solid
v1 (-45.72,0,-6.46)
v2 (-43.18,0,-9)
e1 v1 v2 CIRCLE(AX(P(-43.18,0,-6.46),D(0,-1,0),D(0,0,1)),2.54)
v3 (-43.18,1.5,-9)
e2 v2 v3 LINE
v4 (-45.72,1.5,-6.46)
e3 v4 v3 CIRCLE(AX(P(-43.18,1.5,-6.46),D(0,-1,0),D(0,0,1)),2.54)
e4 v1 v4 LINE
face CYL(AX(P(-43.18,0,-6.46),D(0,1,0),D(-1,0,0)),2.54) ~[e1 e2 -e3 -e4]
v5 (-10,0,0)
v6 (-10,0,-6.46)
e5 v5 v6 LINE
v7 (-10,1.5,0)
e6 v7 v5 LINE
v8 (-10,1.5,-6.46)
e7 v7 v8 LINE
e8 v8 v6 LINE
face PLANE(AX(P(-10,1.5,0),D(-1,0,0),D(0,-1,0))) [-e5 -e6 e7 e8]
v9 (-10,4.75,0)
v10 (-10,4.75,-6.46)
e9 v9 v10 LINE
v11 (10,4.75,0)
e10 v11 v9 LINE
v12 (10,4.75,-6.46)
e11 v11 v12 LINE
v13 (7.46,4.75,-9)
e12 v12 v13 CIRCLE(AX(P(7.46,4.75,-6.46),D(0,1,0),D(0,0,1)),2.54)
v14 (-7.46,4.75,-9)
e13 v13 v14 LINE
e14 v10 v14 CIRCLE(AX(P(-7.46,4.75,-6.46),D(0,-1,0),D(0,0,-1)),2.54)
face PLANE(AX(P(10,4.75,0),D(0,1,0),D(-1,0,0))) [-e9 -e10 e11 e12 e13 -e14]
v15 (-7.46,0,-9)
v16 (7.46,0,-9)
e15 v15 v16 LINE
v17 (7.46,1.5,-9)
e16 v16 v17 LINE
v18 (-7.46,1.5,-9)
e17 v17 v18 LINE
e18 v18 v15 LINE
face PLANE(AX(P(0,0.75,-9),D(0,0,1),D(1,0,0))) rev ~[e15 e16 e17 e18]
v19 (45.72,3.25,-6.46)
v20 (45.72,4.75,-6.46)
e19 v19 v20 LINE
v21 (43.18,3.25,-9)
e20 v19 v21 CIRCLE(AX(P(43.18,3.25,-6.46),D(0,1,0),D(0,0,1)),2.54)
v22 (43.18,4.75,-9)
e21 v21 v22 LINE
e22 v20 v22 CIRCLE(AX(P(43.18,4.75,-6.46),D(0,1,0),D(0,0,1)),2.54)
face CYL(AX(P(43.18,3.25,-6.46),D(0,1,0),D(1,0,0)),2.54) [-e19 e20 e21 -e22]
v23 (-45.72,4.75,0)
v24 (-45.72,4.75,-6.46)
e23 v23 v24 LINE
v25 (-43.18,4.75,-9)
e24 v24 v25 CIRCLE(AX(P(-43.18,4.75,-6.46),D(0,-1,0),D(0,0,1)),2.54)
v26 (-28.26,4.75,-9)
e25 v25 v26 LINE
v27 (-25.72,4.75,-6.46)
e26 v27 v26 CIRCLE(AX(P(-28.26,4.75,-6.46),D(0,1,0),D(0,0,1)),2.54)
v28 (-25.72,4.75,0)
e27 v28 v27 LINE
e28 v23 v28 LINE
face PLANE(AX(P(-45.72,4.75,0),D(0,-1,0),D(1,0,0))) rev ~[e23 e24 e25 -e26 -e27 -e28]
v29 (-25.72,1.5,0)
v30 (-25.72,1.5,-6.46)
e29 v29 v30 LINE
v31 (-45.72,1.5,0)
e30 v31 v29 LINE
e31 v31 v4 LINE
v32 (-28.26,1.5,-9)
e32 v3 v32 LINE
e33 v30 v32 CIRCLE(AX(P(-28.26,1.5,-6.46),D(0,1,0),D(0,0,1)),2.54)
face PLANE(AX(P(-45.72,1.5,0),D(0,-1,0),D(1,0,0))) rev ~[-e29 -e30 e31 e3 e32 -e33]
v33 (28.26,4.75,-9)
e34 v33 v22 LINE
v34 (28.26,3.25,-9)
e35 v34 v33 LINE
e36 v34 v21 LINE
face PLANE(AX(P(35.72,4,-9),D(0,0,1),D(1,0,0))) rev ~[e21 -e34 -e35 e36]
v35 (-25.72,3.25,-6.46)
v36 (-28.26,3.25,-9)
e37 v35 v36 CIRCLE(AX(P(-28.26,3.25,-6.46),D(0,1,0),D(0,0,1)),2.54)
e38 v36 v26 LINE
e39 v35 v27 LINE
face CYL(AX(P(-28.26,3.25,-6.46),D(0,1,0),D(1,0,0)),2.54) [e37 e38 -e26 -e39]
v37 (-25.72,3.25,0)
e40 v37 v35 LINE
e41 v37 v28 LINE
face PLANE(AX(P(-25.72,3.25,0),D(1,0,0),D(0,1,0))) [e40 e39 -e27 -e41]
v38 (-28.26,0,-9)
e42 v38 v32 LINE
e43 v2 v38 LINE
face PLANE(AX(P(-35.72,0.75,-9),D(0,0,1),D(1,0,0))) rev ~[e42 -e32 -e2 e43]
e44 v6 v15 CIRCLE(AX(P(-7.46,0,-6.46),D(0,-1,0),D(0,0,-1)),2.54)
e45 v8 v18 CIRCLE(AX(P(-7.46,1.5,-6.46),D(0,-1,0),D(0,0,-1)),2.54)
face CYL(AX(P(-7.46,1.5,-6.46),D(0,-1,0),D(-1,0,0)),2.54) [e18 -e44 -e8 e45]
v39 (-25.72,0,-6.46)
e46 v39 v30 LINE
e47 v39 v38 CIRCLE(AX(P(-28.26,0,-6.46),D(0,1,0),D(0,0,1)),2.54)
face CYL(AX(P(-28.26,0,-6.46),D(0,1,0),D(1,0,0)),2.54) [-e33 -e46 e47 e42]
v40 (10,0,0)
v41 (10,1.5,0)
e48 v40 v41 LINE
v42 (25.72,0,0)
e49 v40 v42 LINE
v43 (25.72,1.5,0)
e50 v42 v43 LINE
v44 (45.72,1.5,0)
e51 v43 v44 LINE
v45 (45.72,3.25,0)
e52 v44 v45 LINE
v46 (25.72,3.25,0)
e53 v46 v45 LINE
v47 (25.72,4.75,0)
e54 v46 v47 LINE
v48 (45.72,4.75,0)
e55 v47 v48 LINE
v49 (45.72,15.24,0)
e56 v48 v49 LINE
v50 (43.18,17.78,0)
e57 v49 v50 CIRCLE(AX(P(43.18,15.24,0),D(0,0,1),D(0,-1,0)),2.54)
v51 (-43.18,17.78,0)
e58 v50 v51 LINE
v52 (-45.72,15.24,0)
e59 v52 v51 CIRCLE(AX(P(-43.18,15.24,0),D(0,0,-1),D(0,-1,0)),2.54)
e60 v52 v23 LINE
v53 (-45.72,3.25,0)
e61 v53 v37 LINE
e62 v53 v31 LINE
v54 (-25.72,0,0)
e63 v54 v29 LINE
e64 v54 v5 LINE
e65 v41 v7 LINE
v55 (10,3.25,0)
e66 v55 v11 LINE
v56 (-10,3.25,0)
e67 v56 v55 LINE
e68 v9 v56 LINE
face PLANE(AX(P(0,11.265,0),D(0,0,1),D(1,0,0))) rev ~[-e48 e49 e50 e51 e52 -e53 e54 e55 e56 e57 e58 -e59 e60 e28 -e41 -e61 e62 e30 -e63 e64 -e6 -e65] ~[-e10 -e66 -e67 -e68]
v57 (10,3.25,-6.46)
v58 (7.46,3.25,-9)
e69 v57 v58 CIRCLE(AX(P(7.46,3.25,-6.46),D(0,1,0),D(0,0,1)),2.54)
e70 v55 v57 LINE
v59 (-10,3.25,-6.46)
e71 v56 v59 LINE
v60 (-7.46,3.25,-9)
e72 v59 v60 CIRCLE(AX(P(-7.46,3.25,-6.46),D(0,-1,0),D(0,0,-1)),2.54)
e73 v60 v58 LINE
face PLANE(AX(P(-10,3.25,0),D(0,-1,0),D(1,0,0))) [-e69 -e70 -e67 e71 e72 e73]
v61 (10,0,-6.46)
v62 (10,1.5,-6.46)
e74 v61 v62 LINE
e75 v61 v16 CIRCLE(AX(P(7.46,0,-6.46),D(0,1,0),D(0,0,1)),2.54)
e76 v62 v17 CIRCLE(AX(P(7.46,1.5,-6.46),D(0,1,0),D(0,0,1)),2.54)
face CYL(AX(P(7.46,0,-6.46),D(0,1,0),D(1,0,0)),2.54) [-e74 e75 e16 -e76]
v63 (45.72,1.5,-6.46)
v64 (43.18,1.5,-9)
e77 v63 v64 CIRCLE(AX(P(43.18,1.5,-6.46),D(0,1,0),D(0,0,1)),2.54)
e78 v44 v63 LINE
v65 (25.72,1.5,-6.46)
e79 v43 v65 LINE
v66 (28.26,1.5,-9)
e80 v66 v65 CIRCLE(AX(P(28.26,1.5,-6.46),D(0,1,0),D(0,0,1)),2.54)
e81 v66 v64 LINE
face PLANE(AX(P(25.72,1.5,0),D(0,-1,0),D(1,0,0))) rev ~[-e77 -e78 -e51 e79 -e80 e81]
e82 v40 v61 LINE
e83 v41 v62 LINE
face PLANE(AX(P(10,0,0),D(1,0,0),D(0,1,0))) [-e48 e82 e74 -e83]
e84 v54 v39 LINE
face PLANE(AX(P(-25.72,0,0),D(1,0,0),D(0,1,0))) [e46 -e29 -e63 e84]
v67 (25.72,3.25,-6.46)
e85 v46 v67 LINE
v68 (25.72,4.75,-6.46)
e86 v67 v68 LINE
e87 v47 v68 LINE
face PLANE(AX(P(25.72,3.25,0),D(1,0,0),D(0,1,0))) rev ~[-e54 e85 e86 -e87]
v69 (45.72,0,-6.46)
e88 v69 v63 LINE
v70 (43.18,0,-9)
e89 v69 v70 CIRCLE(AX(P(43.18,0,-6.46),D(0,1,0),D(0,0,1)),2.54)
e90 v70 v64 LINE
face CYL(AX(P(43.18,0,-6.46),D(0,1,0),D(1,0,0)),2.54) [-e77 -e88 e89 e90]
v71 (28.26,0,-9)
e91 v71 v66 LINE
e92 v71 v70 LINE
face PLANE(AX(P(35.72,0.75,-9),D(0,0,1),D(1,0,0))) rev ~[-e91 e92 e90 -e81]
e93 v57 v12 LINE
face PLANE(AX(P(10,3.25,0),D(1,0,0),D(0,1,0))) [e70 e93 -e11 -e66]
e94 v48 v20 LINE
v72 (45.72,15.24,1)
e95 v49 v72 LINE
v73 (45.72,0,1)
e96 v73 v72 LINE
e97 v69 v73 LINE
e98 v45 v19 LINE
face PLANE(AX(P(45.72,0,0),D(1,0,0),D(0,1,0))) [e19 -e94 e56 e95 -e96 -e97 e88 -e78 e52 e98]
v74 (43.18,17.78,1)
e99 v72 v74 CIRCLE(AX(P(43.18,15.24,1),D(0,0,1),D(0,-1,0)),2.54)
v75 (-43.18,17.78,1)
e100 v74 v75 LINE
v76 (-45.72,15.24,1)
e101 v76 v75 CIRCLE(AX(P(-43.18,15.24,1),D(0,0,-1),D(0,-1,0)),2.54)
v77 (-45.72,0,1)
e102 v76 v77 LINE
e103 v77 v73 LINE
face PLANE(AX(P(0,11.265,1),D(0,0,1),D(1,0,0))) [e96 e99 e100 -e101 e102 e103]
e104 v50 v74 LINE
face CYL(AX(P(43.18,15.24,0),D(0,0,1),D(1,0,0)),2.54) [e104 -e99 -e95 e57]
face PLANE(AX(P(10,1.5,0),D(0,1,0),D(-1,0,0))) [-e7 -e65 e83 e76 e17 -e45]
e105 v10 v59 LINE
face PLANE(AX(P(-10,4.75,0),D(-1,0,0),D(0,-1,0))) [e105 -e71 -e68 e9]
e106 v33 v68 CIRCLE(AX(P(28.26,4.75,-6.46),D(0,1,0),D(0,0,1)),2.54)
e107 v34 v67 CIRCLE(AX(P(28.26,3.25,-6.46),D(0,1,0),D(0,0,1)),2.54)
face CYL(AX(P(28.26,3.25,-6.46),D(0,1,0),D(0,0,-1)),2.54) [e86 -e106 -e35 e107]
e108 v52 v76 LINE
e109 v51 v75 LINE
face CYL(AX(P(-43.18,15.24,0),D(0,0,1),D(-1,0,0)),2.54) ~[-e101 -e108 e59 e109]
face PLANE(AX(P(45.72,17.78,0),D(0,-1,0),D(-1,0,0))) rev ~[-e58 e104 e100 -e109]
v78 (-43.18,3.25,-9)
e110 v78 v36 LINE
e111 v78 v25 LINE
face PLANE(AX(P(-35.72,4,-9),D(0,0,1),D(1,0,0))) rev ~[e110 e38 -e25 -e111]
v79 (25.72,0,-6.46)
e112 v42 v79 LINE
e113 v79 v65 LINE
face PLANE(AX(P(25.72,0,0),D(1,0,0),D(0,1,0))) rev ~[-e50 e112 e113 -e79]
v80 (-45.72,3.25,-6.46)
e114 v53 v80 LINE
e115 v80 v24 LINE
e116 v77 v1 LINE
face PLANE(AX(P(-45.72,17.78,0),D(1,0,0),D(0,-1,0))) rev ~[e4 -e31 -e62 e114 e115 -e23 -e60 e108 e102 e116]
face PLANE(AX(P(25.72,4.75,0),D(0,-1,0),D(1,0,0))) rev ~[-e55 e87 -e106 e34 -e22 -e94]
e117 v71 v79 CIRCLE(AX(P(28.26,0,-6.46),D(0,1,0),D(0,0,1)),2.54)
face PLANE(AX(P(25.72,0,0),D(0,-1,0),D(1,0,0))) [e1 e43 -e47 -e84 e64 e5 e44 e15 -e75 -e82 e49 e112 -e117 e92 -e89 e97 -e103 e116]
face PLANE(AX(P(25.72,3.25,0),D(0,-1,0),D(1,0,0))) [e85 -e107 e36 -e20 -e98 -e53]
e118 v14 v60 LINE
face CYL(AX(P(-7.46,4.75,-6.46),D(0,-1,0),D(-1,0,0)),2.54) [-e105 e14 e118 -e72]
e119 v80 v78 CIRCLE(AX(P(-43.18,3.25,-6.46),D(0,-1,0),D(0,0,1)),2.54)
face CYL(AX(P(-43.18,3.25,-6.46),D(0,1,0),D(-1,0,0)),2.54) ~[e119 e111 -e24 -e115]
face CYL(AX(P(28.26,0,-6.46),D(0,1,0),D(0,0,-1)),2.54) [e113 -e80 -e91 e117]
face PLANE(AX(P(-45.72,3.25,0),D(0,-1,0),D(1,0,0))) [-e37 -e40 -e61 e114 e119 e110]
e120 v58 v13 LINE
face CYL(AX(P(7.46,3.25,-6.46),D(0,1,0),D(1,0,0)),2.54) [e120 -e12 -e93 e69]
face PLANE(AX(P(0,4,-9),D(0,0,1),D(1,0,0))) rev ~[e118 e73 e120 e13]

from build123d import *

# Parameters (mm, degrees)
F0_W     = 20
F0_H     = 1.5
F0_W_2   = 15.72
F1_DEPTH = 1
F2_DEPTH = 9
F3_R     = 2.54
F4_R     = 2.54


with BuildPart() as f1:
    # F0 (on Top) → F1 (new body)
    with BuildSketch(Plane.XY):
        Polygon((25.72, 4.75), (45.72, 4.75), (45.72, 17.78), (0, 17.78), (-45.72, 17.78), (-45.72, 4.75), (-25.72, 4.75), (-10, 4.75), (0, 4.75), (10, 4.75), align=None)
        with Locations((35.72, 4)):
            Rectangle(F0_W, F0_H)
        with Locations((17.86, 4)):
            Rectangle(F0_W_2, F0_H)
        Polygon((0, 3.25), (10, 3.25), (10, 4.75), (0, 4.75), (-10, 4.75), (-10, 3.25), align=None)
        Polygon((0, 1.5), (10, 1.5), (25.72, 1.5), (45.72, 1.5), (45.72, 3.25), (25.72, 3.25), (10, 3.25), (0, 3.25), (-10, 3.25), (-25.72, 3.25), (-45.72, 3.25), (-45.72, 1.5), (-25.72, 1.5), (-10, 1.5), align=None)
        Polygon((-10, 0), (0, 0), (10, 0), (10, 1.5), (0, 1.5), (-10, 1.5), align=None)
        with Locations((17.86, 0.75)):
            Rectangle(F0_W_2, F0_H)
        with Locations((35.72, 0.75)):
            Rectangle(F0_W, F0_H)
        with Locations((-35.72, 4)):
            Rectangle(F0_W, F0_H)
        with Locations((-35.72, 0.75)):
            Rectangle(F0_W, F0_H)
        with Locations((-17.86, 0.75)):
            Rectangle(F0_W_2, F0_H)
        with Locations((-17.86, 4)):
            Rectangle(F0_W_2, F0_H)
    extrude(amount=F1_DEPTH)

    # F0 (on Top) → F2 (join)
    with BuildSketch(Plane.XY):
        with Locations((35.72, 0.75)):
            Rectangle(F0_W, F0_H)
        with Locations((35.72, 4)):
            Rectangle(F0_W, F0_H)
        with Locations((-35.72, 4)):
            Rectangle(F0_W, F0_H)
        with Locations((-35.72, 0.75)):
            Rectangle(F0_W, F0_H)
        Polygon((0, 3.25), (10, 3.25), (10, 4.75), (0, 4.75), (-10, 4.75), (-10, 3.25), align=None)
        Polygon((-10, 0), (0, 0), (10, 0), (10, 1.5), (0, 1.5), (-10, 1.5), align=None)
    extrude(amount=-F2_DEPTH)

    # F3
    f3_edges = [f1.edges().sort_by_distance(p)[0] for p in [
        (45.72, 17.78, 0.5),
        (-45.72, 17.78, 0.5),
    ]]
    fillet(f3_edges, radius=F3_R)

    # F4
    f4_edges = [f1.edges().sort_by_distance(p)[0] for p in [
        (-45.72, 0.75, -9),
        (-45.72, 4, -9),
        (45.72, 0.75, -9),
        (45.72, 4, -9),
        (-25.72, 0.75, -9),
        (-25.72, 4, -9),
        (-10, 4, -9),
        (-10, 0.75, -9),
        (10, 0.75, -9),
        (10, 4, -9),
        (25.72, 4, -9),
        (25.72, 0.75, -9),
    ]]
    fillet(f4_edges, radius=F4_R)


solid = f1.part
